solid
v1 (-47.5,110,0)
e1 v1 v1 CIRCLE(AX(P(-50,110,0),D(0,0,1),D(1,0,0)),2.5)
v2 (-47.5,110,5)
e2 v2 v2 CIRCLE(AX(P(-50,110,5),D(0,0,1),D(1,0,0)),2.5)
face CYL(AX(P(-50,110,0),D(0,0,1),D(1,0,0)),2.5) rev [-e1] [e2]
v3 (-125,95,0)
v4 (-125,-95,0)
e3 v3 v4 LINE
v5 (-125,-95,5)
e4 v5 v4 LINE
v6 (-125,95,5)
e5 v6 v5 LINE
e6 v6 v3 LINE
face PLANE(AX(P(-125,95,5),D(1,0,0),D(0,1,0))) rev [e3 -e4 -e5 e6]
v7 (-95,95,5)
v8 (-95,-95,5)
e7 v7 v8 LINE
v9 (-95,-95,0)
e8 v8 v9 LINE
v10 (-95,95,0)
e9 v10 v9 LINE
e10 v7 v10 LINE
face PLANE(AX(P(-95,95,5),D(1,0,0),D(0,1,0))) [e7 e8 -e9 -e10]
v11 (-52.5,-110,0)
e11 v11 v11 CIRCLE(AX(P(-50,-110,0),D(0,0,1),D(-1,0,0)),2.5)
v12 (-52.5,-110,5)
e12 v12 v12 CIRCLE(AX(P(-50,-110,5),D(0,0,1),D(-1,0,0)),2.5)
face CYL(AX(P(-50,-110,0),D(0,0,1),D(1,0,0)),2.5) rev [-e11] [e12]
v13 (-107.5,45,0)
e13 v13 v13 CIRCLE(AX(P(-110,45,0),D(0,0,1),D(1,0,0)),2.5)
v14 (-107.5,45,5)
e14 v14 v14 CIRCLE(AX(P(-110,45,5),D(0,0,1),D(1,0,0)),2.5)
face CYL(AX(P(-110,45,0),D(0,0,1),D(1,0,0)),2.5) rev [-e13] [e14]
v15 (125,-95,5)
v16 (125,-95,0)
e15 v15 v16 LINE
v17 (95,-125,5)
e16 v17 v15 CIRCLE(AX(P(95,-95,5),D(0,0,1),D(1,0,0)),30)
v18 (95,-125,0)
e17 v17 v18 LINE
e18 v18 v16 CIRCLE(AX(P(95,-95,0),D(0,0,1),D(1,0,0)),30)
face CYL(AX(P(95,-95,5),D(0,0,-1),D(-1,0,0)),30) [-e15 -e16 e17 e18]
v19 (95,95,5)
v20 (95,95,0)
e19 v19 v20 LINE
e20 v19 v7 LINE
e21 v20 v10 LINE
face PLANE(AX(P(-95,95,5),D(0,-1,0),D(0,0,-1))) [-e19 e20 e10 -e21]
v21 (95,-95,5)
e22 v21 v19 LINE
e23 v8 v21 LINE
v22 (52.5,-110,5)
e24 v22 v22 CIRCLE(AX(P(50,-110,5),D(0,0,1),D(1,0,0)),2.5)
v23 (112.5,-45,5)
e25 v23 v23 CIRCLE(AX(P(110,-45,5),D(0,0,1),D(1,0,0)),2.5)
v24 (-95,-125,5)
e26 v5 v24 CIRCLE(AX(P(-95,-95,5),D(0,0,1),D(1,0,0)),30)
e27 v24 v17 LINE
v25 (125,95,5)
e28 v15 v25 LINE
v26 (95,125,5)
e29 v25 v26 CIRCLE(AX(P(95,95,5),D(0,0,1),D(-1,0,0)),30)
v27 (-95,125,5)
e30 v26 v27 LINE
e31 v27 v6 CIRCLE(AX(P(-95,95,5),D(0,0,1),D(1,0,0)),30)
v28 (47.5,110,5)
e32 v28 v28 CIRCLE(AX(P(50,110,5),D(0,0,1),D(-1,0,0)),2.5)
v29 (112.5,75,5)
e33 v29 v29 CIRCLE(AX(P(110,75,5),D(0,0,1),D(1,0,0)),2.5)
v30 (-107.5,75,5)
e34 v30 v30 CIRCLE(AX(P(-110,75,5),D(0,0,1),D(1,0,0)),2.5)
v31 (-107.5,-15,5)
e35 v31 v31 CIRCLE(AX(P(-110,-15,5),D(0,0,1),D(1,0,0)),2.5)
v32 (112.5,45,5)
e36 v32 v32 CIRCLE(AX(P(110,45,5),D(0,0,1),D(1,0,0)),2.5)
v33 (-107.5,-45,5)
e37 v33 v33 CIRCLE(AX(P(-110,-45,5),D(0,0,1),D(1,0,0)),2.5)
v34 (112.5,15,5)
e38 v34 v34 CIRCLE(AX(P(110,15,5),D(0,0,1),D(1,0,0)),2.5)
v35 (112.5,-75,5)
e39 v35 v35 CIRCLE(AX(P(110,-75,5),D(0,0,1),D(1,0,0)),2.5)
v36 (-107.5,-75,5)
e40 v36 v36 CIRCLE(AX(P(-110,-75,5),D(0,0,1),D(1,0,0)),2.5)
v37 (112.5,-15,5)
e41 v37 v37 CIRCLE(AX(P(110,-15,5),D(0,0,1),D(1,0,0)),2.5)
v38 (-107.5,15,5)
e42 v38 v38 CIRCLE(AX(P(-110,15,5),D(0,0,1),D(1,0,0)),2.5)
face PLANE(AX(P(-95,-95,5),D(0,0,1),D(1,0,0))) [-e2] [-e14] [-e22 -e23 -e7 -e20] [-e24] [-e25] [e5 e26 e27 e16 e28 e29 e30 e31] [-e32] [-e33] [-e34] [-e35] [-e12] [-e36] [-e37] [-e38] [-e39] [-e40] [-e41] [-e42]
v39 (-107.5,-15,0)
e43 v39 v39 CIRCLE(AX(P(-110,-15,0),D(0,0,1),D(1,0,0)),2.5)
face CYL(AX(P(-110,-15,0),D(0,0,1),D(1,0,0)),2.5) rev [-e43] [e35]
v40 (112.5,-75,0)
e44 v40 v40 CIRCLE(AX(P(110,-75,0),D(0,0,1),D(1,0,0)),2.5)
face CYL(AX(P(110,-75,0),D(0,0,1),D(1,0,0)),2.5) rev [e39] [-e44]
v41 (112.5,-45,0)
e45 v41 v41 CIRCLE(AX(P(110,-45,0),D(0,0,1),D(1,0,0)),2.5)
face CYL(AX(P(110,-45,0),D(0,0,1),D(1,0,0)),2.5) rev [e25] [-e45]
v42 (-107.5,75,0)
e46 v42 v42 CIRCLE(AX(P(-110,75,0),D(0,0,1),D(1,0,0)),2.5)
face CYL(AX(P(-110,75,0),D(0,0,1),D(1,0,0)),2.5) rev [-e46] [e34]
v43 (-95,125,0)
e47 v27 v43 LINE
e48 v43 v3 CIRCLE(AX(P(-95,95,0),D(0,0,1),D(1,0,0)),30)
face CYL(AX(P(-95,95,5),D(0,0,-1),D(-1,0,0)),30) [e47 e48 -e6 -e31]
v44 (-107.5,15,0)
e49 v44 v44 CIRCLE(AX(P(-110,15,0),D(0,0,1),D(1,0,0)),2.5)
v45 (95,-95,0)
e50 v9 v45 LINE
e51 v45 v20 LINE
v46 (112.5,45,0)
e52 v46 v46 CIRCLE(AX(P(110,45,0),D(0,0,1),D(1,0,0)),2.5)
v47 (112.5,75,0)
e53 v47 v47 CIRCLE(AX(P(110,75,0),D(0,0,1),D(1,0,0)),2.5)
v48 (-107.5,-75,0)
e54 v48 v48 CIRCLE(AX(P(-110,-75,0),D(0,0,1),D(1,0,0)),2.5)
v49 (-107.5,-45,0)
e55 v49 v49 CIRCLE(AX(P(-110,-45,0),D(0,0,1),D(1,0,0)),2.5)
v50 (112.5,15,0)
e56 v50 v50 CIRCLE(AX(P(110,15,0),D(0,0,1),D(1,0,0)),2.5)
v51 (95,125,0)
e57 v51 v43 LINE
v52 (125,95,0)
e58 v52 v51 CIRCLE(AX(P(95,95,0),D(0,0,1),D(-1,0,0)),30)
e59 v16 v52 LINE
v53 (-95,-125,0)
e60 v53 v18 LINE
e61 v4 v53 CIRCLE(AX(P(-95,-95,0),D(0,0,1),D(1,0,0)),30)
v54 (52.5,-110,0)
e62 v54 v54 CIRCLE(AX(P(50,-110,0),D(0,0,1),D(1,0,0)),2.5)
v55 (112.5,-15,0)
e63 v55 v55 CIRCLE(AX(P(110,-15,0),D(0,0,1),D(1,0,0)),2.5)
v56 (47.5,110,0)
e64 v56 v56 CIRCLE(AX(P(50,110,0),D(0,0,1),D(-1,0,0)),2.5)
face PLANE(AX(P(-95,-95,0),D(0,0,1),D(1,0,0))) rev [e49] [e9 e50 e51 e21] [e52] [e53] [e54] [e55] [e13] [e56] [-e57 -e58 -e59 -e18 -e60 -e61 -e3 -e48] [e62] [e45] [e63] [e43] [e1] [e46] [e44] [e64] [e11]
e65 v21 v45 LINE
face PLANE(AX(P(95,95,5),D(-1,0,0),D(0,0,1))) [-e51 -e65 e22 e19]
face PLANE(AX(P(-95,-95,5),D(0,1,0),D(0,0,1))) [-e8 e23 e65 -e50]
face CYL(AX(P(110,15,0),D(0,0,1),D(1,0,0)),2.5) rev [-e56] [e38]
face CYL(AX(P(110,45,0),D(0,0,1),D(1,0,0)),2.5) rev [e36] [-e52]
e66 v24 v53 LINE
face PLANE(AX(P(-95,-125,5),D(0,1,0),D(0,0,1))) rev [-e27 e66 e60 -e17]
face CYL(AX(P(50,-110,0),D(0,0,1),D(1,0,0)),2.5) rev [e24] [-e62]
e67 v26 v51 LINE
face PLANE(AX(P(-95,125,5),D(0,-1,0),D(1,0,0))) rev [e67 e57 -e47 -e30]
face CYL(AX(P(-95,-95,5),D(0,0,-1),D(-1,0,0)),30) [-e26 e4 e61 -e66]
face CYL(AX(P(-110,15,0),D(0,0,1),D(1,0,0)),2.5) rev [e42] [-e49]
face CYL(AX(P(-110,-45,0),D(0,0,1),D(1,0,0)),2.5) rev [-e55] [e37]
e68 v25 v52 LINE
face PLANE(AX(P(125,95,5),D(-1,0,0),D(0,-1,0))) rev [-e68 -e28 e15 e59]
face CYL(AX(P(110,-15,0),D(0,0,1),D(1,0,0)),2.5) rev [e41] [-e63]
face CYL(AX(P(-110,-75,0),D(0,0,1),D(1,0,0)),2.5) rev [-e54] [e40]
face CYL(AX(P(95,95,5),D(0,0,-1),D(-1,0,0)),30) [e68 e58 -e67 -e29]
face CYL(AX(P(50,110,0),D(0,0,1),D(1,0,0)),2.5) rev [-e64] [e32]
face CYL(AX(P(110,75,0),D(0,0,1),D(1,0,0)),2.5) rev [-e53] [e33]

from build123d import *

# Parameters (mm, degrees)
SKETCH1_W           = 190
SKETCH1_H           = 190
BOSS_EXTRUDE1_DEPTH = 5
SKETCH2_R           = 2.5
CUT_EXTRUDE1_DEPTH  = 177.847391838
LPATTERN1_COUNT     = 6
LPATTERN1_PITCH     = 30
SKETCH3_R           = 2.5
CUT_EXTRUDE2_DEPTH  = 177.847391838


with BuildPart() as part:
    # Sketch1 → Boss-Extrude1 (new body)
    with BuildSketch(Plane.XY):
        with BuildLine():
            Line((-95, 125), (95, 125))
            ThreePointArc((95, 125), (116.213203436, 116.213203436), (125, 95))
            Line((125, 95), (125, -95))
            ThreePointArc((125, -95), (116.213203436, -116.213203436), (95, -125))
            Line((95, -125), (-95, -125))
            ThreePointArc((-95, -125), (-116.213203436, -116.213203436), (-125, -95))
            Line((-125, -95), (-125, 95))
            ThreePointArc((-125, 95), (-116.213203436, 116.213203436), (-95, 125))
        make_face()
        Rectangle(SKETCH1_W, SKETCH1_H, mode=Mode.SUBTRACT)
    extrude(amount=BOSS_EXTRUDE1_DEPTH)

    # Sketch2 → Cut-Extrude1 (cut, through all)
    with BuildSketch(Plane.XY.offset(5)):
        with Locations((-110, 75)):
            Circle(SKETCH2_R)
        with Locations((110, 75)):
            Circle(SKETCH2_R)
    cut_extrude1 = extrude(amount=-CUT_EXTRUDE1_DEPTH, mode=Mode.SUBTRACT)

    # LPattern1: Cut-Extrude1 ×6
    with Locations(*[(0, -i * LPATTERN1_PITCH, 0) for i in range(1, LPATTERN1_COUNT)]):
        add(cut_extrude1, mode=Mode.SUBTRACT)

    # Sketch3 → Cut-Extrude2 (cut, through all)
    with BuildSketch(Plane.XY.offset(5)):
        with Locations((-50, 110)):
            Circle(SKETCH3_R)
        with Locations(Location((50, 110, 0), (0, 0, 180))):
            Circle(SKETCH3_R)
        with Locations(Location((-50, -110, 0), (0, 0, 180))):
            Circle(SKETCH3_R)
        with Locations((50, -110)):
            Circle(SKETCH3_R)
    extrude(amount=-CUT_EXTRUDE2_DEPTH, mode=Mode.SUBTRACT)


solid = part.part
